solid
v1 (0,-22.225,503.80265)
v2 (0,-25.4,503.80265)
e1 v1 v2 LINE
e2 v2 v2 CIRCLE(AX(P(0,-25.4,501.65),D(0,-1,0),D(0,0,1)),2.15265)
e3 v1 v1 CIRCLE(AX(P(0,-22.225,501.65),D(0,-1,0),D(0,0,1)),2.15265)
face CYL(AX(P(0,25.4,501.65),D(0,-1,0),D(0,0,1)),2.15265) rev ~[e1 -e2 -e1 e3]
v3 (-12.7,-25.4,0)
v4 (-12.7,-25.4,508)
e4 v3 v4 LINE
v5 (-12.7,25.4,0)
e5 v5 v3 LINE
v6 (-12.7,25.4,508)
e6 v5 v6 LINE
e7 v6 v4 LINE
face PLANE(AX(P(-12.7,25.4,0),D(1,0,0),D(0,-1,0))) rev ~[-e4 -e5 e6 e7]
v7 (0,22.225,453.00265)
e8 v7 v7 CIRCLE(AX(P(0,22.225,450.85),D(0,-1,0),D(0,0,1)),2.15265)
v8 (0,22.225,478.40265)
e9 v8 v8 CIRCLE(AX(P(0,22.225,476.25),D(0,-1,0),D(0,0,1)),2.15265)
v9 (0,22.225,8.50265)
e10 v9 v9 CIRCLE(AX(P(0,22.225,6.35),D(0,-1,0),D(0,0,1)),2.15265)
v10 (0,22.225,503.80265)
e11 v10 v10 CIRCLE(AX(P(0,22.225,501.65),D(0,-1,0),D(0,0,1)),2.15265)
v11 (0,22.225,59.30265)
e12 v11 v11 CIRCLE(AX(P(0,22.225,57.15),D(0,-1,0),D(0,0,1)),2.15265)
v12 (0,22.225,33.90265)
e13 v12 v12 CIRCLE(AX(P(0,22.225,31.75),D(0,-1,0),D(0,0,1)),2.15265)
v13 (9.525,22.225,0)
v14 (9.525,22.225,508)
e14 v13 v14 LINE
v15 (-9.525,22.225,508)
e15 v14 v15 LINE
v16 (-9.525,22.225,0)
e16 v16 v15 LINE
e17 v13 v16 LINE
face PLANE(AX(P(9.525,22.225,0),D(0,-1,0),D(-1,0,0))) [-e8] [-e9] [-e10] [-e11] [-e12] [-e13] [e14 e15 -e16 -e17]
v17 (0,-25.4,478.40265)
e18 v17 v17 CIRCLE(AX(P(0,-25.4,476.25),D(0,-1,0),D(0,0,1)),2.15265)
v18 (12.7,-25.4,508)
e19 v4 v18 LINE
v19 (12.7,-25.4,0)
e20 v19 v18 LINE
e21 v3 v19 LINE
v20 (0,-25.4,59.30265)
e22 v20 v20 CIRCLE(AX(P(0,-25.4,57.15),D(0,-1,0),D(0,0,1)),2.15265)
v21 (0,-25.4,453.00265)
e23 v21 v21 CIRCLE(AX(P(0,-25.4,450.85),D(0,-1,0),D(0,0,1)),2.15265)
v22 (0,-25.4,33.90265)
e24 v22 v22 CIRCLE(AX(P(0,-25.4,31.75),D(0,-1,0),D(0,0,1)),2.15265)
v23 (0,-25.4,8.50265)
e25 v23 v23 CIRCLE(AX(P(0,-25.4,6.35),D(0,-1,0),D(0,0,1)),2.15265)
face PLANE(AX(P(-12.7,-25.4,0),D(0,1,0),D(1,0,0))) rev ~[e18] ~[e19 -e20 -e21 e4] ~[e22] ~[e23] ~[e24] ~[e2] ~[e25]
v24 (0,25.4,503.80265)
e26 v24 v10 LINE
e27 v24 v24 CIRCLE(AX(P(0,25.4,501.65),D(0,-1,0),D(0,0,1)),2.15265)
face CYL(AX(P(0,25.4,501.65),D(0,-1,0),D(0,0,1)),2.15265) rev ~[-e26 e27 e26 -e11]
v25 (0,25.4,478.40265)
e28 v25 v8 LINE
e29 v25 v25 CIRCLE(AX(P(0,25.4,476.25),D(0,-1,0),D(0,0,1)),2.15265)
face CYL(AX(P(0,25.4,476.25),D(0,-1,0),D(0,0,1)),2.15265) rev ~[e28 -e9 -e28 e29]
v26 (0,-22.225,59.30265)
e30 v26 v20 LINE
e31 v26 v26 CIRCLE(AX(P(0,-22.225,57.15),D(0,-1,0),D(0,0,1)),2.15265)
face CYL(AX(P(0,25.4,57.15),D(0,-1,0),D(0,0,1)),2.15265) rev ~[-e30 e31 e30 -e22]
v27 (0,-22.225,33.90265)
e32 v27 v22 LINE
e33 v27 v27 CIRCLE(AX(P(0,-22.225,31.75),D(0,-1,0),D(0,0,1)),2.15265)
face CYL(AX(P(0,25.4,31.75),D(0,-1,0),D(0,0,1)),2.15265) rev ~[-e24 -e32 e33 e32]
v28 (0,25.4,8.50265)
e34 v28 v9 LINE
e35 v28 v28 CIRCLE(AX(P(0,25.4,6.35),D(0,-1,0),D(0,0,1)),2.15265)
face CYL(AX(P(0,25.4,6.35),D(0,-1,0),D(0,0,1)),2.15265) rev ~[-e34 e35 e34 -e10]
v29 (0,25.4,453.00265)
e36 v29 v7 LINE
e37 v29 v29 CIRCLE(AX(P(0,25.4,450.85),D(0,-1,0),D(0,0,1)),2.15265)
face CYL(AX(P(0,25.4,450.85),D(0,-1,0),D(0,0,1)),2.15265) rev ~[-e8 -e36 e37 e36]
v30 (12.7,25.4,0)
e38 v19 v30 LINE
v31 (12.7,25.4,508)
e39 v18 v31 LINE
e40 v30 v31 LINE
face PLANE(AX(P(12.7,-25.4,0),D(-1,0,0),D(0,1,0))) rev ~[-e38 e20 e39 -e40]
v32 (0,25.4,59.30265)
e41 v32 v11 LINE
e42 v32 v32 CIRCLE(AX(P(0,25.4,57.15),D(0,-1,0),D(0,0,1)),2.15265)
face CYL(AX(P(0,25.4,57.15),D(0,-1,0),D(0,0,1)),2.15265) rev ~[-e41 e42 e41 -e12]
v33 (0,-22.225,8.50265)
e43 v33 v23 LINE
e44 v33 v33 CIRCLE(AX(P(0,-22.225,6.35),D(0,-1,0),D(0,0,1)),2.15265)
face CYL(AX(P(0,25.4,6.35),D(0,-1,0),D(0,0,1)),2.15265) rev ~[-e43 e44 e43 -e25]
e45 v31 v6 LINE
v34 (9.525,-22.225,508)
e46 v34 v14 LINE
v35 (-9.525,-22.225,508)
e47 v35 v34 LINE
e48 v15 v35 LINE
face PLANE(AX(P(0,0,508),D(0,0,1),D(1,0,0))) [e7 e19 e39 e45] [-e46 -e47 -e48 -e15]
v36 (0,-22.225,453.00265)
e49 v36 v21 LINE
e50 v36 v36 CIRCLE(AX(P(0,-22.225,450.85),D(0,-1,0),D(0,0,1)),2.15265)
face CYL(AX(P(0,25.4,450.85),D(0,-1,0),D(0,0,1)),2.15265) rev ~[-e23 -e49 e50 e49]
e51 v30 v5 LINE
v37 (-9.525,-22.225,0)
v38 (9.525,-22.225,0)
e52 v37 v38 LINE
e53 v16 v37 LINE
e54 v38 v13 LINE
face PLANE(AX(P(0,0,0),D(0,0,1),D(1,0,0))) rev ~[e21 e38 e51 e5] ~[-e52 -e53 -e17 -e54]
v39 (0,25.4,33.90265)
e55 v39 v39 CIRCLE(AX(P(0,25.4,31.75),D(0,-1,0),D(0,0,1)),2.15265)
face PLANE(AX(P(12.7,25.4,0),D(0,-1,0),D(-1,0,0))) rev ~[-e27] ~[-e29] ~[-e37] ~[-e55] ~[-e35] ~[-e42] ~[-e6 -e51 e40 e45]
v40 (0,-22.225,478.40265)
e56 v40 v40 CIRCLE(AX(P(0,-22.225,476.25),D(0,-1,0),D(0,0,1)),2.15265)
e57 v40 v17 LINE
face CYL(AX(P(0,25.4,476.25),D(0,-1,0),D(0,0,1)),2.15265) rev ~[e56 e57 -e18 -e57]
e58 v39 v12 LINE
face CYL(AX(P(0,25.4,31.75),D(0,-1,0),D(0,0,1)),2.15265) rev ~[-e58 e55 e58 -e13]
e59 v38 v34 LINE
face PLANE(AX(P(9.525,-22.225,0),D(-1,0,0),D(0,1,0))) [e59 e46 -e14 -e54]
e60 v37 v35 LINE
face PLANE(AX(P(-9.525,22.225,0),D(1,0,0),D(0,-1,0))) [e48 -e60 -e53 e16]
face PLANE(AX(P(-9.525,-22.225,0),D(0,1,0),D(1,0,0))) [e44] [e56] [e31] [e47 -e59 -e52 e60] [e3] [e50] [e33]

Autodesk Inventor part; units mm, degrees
ref_plane "YZ Plane" through (0, 0, 0) normal (1, 0, 0) x (0, 1, 0)
ref_plane "Start Plane" through (0, 0, 0) normal (0, 0, 1) x (1, 0, 0)
ref_plane "End Plane" through (0, 0, 508) normal (0, 0, 1) x (1, 0, 0)
sketch "Sketch" plane through (0, 0, 0) normal (0, 0, 1) x (1, 0, 0)
  line L0 (-12.7, -25.4) -> (12.7, -25.4)
  line L1 (12.7, -25.4) -> (12.7, 25.4)
  line L2 (12.7, 25.4) -> (-12.7, 25.4)
  line L3 (-12.7, 25.4) -> (-12.7, -25.4)
  line L4 (-12.7, -25.4) -> (12.7, 25.4) construction
  line L5 (12.7, -25.4) -> (-12.7, 25.4) construction
  line L6 (-9.525, -22.225) -> (9.525, -22.225)
  line L7 (9.525, -22.225) -> (9.525, 22.225)
  line L8 (9.525, 22.225) -> (-9.525, 22.225)
  line L9 (-9.525, 22.225) -> (-9.525, -22.225)
  line L10 (-9.525, -22.225) -> (9.525, 22.225) construction
  line L11 (9.525, -22.225) -> (-9.525, 22.225) construction
  point P0 (0, 0)
  dimension "d0" = 25.4
  dimension "d1" = 50.8
  dimension "d2" = 3.175
  dimension "d3" = 3.175
extrude "Body" add sketch "Sketch" along normal up to surface (508 mm away) from surface at 0
sketch "Sketch6" plane through (0, 0, 0) normal (0, 0, 1) x (1, 0, 0)
  line L0 (0, 0) -> (10, 0)
ref_plane "Work Plane5" through (0, 0, 0) normal (0, -1, 0) x (1, 0, 0)
sketch "Sketch7" plane through (0, 0, 0) normal (0, -1, 0) x (1, 0, 0)
  line L0 (-2, 0) -> (12, 0)
  line L1 (-2, 508) -> (12, 508)
  dimension "d11" = 508
sketch "Sketch8" plane through (-12.7, 25.4, 508) normal (0, 1, 0) x (1, 0, 0)
  line L0 (0, 508) -> (25.4, 508) projected
  line L1 (0, 0) -> (25.4, 0) projected
  point P0 (12.7, 508)
  point P1 (12.7, 501.65)
  point P2 (12.7, 476.25)
  point P3 (12.7, 450.85)
  point P4 (12.7, 6.35)
  point P5 (12.7, 31.75)
  point P6 (12.7, 57.15)
  dimension "d16" = 6.35
  dimension "d17" = 25.4
  dimension "d18" = 25.4
  dimension "d19" = 6.35
  dimension "d20" = 25.4
  dimension "d21" = 25.4
hole "Hole1" at (0, 25.4, 6.35) at (0, 25.4, 31.75) at (0, 25.4, 57.15) at (0, 25.4, 501.65) at (0, 25.4, 476.25) at (0, 25.4, 450.85) direction (0, -1, 0) diameter 4.3053 depth 50.8 tip angle 118 clearance for "Pop Rivet" size "5/32" standard "4859 Fastners"
equation "\"d0\" = Width"
equation "\"d1\" = Height"
equation "\"d2\" = Thickness"
equation "\"d3\" = Thickness"
equation "\"Height\" = 50.8"
equation "\"Width\" = 25.4"
equation "\"Thickness\" = 3.175"
equation "\"BaseLength\" = 508"
equation "\"G_OFFSET_START\" = 0"
equation "\"G_OFFSET_END\" = 0"
equation "\"d7\" = BaseLength + G_OFFSET_END"
equation "\"G_L\" = d11"
properties part number "AL RECT TUBE 2 x 1 x 0.125" material "Aluminum 6061"
